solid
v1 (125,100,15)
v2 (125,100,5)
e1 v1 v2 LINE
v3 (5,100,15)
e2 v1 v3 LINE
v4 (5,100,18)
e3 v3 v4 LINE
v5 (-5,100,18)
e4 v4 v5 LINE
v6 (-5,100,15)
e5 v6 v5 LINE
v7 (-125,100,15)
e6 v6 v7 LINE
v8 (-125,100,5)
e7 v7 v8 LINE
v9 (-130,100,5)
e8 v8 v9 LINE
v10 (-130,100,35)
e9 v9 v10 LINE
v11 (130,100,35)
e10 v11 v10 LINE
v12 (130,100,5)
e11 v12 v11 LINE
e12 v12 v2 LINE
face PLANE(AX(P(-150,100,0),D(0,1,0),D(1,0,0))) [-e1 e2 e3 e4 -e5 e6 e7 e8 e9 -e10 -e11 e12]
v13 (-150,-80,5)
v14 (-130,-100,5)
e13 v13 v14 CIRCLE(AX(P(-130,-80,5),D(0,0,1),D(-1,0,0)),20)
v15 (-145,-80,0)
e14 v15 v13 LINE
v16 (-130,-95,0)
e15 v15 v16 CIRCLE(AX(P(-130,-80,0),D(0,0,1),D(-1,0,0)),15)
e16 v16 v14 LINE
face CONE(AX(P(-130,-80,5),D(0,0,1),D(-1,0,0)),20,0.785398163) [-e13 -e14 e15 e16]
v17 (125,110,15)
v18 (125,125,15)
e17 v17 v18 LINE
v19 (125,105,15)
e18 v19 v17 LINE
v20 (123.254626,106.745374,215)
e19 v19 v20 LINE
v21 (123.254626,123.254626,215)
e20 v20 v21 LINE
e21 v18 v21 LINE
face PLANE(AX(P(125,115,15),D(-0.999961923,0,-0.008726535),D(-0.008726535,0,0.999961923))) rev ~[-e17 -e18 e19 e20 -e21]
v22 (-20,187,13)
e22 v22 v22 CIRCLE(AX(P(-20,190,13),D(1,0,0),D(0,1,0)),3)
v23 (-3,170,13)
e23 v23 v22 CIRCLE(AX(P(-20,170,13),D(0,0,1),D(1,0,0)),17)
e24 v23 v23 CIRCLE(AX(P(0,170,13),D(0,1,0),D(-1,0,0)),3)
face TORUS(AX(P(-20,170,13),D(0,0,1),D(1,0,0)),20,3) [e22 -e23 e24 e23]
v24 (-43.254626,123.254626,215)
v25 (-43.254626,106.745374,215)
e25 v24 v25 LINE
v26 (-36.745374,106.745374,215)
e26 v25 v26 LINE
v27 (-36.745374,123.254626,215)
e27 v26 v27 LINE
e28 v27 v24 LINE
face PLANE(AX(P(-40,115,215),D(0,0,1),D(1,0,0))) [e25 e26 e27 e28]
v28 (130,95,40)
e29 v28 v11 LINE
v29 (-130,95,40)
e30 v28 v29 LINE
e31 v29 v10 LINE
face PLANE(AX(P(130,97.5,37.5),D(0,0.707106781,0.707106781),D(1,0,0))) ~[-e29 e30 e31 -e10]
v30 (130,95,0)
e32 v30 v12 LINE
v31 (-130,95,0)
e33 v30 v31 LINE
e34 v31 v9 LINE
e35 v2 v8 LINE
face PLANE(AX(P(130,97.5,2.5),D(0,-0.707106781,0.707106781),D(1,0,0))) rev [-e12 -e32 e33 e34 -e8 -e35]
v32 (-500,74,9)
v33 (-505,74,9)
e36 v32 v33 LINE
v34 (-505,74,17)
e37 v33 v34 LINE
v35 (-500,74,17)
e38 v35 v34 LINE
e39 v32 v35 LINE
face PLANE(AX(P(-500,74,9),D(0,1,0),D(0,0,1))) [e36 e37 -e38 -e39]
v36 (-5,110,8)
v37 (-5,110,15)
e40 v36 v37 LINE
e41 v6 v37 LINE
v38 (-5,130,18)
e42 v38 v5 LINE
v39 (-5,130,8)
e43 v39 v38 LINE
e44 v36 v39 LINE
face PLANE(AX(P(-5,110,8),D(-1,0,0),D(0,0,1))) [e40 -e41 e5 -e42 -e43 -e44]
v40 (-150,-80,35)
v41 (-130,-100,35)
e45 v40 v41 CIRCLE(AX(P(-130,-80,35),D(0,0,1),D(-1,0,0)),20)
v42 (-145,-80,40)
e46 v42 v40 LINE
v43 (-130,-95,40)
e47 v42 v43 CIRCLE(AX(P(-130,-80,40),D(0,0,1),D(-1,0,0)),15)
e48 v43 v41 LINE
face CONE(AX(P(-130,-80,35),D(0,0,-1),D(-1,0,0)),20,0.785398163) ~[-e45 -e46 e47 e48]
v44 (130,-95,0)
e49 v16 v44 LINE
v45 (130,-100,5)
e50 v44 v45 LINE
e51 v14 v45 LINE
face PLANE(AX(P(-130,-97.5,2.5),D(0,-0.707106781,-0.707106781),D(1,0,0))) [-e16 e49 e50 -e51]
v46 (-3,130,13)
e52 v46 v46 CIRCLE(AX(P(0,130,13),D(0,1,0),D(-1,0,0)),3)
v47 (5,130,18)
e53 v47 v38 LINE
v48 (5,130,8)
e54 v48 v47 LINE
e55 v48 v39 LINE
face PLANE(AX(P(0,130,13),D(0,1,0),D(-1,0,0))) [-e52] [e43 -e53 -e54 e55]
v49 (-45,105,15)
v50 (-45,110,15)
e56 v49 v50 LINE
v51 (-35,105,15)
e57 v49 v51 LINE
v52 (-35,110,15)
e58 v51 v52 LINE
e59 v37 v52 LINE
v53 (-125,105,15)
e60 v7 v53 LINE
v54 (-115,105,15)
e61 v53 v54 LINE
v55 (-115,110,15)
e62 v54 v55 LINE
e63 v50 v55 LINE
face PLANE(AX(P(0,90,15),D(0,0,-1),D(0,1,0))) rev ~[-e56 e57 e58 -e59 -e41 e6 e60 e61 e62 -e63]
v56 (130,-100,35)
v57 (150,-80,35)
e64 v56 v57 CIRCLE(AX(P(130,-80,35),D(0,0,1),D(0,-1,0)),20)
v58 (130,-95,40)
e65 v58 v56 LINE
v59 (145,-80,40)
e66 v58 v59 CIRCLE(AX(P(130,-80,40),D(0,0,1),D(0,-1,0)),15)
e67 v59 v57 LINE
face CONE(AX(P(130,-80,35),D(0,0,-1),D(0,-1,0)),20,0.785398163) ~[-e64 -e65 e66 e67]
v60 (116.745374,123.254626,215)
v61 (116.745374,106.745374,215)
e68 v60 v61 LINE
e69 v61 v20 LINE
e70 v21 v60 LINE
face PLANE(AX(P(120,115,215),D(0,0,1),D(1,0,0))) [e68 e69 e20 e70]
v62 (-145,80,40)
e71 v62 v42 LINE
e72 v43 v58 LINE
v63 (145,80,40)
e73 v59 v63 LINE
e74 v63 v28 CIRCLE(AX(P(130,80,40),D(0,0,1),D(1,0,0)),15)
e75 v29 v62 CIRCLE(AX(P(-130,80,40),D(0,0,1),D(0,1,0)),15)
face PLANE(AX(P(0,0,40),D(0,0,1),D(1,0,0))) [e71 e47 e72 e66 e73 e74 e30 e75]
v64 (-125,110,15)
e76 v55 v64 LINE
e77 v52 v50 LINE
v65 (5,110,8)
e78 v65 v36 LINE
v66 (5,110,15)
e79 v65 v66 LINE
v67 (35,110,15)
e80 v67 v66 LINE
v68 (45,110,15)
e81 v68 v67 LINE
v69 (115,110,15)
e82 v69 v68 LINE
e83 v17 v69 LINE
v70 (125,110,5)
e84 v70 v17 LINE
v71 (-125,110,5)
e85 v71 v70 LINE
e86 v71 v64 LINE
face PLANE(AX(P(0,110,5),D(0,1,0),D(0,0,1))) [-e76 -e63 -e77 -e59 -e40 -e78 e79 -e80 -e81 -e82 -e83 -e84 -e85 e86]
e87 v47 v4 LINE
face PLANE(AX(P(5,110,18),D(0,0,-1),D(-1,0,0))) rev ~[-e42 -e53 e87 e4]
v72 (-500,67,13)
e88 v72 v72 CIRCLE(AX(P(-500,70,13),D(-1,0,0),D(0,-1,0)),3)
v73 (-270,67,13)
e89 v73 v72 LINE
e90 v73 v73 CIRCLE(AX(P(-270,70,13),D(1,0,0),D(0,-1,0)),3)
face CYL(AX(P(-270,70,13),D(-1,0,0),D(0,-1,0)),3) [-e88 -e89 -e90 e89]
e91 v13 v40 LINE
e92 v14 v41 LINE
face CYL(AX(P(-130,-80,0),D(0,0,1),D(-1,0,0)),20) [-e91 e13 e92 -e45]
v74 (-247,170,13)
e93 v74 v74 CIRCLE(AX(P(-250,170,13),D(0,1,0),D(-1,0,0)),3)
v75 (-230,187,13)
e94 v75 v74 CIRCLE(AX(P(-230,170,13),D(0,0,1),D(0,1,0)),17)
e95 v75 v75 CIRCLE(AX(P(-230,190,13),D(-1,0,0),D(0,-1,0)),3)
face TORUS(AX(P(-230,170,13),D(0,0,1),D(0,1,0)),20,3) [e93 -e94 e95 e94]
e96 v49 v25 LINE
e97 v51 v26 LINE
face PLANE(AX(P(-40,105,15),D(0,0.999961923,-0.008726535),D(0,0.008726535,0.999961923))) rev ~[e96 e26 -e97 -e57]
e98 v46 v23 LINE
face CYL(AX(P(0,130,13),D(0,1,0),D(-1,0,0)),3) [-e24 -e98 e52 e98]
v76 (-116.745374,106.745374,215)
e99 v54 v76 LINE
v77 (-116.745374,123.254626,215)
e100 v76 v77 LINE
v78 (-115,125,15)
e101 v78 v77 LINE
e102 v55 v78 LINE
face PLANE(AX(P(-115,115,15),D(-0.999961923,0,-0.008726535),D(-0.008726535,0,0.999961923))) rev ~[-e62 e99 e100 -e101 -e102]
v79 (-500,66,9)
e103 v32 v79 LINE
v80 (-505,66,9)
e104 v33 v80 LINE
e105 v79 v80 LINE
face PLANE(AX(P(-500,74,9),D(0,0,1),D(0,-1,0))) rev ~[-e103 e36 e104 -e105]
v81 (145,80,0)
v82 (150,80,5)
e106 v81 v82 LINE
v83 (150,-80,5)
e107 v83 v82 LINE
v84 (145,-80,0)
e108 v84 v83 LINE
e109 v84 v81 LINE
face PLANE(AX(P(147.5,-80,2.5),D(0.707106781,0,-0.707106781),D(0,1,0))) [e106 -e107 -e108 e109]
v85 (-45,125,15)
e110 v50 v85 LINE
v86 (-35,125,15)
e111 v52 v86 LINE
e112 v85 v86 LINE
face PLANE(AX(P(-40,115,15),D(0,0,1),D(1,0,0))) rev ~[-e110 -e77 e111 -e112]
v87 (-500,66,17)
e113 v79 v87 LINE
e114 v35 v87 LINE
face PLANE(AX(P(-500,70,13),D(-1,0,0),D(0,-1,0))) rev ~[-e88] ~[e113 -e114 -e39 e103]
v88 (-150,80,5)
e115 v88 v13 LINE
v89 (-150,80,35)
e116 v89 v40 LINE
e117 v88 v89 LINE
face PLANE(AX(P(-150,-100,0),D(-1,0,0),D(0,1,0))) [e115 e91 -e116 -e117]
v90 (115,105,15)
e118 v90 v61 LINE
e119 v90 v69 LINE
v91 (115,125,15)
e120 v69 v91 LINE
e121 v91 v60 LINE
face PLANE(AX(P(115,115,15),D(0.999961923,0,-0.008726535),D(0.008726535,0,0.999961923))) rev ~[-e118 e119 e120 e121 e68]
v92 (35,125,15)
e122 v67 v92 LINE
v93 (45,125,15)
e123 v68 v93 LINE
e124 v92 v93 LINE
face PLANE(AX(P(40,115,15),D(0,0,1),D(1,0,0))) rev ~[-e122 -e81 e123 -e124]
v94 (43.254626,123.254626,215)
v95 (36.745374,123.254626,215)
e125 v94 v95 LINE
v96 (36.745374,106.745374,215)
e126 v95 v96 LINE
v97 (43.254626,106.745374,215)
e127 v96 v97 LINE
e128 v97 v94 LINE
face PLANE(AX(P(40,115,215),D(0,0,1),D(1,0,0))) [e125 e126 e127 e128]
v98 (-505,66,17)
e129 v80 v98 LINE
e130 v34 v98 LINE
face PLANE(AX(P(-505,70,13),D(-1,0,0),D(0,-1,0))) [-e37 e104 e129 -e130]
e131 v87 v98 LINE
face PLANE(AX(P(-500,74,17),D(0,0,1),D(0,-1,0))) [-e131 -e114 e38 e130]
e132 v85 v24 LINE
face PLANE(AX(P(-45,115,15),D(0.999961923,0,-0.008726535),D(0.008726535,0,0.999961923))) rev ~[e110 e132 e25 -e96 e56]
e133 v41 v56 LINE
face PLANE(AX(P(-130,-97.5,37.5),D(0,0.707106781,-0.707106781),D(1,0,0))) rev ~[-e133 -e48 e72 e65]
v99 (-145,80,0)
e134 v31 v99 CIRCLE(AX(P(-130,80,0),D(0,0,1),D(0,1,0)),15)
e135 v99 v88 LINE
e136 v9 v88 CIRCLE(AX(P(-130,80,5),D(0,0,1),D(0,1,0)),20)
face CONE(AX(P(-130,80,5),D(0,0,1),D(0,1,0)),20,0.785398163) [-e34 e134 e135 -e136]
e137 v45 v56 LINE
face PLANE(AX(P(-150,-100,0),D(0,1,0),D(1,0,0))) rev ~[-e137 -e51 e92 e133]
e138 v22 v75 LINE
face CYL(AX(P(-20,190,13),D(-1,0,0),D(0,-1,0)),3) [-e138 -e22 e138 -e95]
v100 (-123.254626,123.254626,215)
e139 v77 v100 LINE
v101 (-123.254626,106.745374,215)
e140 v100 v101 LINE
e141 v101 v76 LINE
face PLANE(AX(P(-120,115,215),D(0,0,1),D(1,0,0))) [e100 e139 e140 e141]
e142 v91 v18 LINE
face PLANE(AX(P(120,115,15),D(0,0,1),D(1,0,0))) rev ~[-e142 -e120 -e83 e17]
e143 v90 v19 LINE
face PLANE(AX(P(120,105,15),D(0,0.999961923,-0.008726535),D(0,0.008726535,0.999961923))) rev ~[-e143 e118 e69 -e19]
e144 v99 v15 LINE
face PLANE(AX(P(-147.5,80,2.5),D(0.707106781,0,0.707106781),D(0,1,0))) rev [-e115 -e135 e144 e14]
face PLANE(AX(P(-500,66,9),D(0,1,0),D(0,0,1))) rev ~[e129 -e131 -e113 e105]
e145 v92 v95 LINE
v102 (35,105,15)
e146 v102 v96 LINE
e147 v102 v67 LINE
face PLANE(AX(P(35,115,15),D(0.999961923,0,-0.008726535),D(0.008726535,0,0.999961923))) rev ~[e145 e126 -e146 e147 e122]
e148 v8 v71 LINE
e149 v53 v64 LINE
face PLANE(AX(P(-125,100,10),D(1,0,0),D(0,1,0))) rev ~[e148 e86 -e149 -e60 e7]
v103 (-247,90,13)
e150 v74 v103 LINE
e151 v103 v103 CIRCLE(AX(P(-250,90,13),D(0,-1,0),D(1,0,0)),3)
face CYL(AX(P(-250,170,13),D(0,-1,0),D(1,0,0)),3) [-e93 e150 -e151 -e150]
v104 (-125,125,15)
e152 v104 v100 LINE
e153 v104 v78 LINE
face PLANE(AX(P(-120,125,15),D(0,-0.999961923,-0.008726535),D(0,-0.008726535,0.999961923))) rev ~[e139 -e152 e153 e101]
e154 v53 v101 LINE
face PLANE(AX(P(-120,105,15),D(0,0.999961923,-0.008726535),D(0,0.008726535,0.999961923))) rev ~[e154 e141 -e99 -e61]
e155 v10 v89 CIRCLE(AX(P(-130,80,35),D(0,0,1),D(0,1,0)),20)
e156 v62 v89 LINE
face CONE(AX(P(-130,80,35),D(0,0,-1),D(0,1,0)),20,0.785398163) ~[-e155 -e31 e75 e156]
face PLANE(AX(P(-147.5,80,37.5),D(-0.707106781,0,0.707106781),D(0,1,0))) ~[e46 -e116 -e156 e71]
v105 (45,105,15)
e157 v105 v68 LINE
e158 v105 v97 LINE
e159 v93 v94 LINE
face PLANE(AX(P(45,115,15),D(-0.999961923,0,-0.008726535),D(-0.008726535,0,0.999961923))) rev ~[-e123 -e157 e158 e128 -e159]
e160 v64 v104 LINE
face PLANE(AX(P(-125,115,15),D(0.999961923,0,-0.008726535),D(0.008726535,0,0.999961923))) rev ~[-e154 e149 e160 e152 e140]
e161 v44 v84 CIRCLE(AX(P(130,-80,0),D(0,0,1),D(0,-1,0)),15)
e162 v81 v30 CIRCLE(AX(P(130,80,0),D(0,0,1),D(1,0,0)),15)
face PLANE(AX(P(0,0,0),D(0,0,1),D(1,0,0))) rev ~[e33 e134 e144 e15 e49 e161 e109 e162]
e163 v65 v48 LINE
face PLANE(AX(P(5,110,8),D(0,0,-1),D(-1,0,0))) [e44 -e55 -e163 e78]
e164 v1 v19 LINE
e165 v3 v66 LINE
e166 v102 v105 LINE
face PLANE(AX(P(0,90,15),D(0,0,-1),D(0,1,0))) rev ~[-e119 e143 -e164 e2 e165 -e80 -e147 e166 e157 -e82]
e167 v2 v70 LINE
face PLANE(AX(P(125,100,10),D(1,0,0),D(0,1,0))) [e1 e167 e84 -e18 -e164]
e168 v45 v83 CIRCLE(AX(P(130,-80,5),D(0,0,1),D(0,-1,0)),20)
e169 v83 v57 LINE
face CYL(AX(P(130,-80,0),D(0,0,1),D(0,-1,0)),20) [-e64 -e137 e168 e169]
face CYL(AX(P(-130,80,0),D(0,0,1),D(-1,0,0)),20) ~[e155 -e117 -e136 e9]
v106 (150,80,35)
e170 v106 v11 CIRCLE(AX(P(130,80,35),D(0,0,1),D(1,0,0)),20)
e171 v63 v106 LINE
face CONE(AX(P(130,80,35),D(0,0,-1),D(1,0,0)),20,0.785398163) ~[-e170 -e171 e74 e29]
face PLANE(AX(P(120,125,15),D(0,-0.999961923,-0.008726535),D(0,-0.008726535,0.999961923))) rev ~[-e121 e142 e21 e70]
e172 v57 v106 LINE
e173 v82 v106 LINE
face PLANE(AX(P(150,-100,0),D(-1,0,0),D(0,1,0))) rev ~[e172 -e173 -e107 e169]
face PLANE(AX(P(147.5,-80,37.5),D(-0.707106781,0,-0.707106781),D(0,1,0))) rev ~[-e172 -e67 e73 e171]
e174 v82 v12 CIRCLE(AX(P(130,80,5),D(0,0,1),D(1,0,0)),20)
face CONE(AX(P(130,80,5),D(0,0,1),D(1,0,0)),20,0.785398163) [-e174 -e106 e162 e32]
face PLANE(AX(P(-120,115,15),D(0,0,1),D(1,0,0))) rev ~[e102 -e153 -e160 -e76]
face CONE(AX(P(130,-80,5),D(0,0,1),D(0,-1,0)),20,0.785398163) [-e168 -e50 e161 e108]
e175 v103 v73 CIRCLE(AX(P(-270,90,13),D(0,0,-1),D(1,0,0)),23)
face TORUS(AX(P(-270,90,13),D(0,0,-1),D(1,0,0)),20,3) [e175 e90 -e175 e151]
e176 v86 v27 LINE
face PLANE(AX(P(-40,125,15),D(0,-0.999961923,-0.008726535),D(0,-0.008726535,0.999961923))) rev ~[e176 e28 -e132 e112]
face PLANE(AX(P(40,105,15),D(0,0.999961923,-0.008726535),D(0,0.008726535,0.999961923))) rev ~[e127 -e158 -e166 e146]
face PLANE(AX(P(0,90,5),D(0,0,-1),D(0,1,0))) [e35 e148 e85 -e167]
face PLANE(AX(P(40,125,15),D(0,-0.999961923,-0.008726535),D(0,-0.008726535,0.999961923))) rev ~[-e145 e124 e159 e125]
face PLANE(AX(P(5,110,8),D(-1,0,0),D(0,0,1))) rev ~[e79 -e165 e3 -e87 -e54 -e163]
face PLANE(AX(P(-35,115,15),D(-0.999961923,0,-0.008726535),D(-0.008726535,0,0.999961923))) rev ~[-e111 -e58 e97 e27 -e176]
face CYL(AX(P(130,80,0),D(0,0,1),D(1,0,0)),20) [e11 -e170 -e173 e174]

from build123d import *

# Parameters (mm, degrees)
F0_W      = 300
F0_H      = 200
F1_DEPTH  = 40
F2_R      = 20
F3_SIZE   = 5
F4_W      = 20
F4_H      = 10
F5_DEPTH  = 125
F6_W      = 10
F6_H      = 20
F7_DEPTH  = 200
F7_TAPER  = 0.5
F8_W      = 10
F8_H      = 10
F9_DEPTH  = 20
F10_R     = 3
F14_W     = 8
F14_H     = 8
F15_DEPTH = 5


with BuildPart() as f1:
    # F0 (on Top) → F1 (new body)
    with BuildSketch(Plane.XY):
        Rectangle(F0_W, F0_H)
    extrude(amount=F1_DEPTH)

    # F2
    f2_edges = [f1.edges().sort_by_distance(p)[0] for p in [
        (-150, -100, 20),
        (150, -100, 20),
        (150, 100, 20),
        (-150, 100, 20),
    ]]
    fillet(f2_edges, radius=F2_R)

    # F3
    f3_edges = [f1.edges().sort_by_distance(p)[0] for p in [
        (0, -100, 40),
        (0, -100, 0),
    ]]
    chamfer(f3_edges, length=F3_SIZE)

    # F4 (on Right) → F5 (join, symmetric)
    with BuildSketch(Plane.YZ):
        with Locations((100, 10)):
            Rectangle(F4_W, F4_H)
    extrude(amount=F5_DEPTH, both=True)

    # F6 (on face) → F7 (join)
    with BuildSketch(Plane.XY.offset(15)):
        with Locations((-120, 115)):
            Rectangle(F6_W, F6_H)
        with Locations((-40, 115)):
            Rectangle(F6_W, F6_H)
        with Locations((40, 115)):
            Rectangle(F6_W, F6_H)
        with Locations((120, 115)):
            Rectangle(F6_W, F6_H)
    extrude(amount=F7_DEPTH, taper=F7_TAPER)

    # F8 (on face) → F9 (join, symmetric)
    with BuildSketch(Plane(origin=(0, 110, 0), x_dir=(-1, 0, 0), z_dir=(0, 1, 0))):
        with Locations((0, 13)):
            Rectangle(F8_W, F8_H)
    extrude(amount=F9_DEPTH, both=True)

    # F13: sweep along a path in F12
    with BuildLine(Plane.XY.offset(13)) as f13_path:
        Line((0, 130), (0, 150))
        Line((0, 150), (0, 170))
        ThreePointArc((0, 170), (-5.8578643763, 184.1421356237), (-20, 190))
        Line((-20, 190), (-230, 190))
        ThreePointArc((-230, 190), (-244.1421356237, 184.1421356237), (-250, 170))
        Line((-250, 170), (-250, 90))
        ThreePointArc((-250, 90), (-255.8578643763, 75.8578643763), (-270, 70))
        Line((-270, 70), (-500, 70))
    # F10 (on face) → F13 (sweep)
    with BuildSketch(Plane(origin=(0, 130, 0), x_dir=(-1, 0, 0), z_dir=(0, 1, 0))):
        with Locations((0, 13)):
            Circle(F10_R)
    sweep(path=f13_path.line)

    # F14 (on face) → F15 (join)
    with BuildSketch(Plane(origin=(-500, 0, 0), x_dir=(0, -1, 0), z_dir=(-1, 0, 0))):
        with Locations((-70, 13)):
            Rectangle(F14_W, F14_H)
    extrude(amount=F15_DEPTH)


solid = f1.part
